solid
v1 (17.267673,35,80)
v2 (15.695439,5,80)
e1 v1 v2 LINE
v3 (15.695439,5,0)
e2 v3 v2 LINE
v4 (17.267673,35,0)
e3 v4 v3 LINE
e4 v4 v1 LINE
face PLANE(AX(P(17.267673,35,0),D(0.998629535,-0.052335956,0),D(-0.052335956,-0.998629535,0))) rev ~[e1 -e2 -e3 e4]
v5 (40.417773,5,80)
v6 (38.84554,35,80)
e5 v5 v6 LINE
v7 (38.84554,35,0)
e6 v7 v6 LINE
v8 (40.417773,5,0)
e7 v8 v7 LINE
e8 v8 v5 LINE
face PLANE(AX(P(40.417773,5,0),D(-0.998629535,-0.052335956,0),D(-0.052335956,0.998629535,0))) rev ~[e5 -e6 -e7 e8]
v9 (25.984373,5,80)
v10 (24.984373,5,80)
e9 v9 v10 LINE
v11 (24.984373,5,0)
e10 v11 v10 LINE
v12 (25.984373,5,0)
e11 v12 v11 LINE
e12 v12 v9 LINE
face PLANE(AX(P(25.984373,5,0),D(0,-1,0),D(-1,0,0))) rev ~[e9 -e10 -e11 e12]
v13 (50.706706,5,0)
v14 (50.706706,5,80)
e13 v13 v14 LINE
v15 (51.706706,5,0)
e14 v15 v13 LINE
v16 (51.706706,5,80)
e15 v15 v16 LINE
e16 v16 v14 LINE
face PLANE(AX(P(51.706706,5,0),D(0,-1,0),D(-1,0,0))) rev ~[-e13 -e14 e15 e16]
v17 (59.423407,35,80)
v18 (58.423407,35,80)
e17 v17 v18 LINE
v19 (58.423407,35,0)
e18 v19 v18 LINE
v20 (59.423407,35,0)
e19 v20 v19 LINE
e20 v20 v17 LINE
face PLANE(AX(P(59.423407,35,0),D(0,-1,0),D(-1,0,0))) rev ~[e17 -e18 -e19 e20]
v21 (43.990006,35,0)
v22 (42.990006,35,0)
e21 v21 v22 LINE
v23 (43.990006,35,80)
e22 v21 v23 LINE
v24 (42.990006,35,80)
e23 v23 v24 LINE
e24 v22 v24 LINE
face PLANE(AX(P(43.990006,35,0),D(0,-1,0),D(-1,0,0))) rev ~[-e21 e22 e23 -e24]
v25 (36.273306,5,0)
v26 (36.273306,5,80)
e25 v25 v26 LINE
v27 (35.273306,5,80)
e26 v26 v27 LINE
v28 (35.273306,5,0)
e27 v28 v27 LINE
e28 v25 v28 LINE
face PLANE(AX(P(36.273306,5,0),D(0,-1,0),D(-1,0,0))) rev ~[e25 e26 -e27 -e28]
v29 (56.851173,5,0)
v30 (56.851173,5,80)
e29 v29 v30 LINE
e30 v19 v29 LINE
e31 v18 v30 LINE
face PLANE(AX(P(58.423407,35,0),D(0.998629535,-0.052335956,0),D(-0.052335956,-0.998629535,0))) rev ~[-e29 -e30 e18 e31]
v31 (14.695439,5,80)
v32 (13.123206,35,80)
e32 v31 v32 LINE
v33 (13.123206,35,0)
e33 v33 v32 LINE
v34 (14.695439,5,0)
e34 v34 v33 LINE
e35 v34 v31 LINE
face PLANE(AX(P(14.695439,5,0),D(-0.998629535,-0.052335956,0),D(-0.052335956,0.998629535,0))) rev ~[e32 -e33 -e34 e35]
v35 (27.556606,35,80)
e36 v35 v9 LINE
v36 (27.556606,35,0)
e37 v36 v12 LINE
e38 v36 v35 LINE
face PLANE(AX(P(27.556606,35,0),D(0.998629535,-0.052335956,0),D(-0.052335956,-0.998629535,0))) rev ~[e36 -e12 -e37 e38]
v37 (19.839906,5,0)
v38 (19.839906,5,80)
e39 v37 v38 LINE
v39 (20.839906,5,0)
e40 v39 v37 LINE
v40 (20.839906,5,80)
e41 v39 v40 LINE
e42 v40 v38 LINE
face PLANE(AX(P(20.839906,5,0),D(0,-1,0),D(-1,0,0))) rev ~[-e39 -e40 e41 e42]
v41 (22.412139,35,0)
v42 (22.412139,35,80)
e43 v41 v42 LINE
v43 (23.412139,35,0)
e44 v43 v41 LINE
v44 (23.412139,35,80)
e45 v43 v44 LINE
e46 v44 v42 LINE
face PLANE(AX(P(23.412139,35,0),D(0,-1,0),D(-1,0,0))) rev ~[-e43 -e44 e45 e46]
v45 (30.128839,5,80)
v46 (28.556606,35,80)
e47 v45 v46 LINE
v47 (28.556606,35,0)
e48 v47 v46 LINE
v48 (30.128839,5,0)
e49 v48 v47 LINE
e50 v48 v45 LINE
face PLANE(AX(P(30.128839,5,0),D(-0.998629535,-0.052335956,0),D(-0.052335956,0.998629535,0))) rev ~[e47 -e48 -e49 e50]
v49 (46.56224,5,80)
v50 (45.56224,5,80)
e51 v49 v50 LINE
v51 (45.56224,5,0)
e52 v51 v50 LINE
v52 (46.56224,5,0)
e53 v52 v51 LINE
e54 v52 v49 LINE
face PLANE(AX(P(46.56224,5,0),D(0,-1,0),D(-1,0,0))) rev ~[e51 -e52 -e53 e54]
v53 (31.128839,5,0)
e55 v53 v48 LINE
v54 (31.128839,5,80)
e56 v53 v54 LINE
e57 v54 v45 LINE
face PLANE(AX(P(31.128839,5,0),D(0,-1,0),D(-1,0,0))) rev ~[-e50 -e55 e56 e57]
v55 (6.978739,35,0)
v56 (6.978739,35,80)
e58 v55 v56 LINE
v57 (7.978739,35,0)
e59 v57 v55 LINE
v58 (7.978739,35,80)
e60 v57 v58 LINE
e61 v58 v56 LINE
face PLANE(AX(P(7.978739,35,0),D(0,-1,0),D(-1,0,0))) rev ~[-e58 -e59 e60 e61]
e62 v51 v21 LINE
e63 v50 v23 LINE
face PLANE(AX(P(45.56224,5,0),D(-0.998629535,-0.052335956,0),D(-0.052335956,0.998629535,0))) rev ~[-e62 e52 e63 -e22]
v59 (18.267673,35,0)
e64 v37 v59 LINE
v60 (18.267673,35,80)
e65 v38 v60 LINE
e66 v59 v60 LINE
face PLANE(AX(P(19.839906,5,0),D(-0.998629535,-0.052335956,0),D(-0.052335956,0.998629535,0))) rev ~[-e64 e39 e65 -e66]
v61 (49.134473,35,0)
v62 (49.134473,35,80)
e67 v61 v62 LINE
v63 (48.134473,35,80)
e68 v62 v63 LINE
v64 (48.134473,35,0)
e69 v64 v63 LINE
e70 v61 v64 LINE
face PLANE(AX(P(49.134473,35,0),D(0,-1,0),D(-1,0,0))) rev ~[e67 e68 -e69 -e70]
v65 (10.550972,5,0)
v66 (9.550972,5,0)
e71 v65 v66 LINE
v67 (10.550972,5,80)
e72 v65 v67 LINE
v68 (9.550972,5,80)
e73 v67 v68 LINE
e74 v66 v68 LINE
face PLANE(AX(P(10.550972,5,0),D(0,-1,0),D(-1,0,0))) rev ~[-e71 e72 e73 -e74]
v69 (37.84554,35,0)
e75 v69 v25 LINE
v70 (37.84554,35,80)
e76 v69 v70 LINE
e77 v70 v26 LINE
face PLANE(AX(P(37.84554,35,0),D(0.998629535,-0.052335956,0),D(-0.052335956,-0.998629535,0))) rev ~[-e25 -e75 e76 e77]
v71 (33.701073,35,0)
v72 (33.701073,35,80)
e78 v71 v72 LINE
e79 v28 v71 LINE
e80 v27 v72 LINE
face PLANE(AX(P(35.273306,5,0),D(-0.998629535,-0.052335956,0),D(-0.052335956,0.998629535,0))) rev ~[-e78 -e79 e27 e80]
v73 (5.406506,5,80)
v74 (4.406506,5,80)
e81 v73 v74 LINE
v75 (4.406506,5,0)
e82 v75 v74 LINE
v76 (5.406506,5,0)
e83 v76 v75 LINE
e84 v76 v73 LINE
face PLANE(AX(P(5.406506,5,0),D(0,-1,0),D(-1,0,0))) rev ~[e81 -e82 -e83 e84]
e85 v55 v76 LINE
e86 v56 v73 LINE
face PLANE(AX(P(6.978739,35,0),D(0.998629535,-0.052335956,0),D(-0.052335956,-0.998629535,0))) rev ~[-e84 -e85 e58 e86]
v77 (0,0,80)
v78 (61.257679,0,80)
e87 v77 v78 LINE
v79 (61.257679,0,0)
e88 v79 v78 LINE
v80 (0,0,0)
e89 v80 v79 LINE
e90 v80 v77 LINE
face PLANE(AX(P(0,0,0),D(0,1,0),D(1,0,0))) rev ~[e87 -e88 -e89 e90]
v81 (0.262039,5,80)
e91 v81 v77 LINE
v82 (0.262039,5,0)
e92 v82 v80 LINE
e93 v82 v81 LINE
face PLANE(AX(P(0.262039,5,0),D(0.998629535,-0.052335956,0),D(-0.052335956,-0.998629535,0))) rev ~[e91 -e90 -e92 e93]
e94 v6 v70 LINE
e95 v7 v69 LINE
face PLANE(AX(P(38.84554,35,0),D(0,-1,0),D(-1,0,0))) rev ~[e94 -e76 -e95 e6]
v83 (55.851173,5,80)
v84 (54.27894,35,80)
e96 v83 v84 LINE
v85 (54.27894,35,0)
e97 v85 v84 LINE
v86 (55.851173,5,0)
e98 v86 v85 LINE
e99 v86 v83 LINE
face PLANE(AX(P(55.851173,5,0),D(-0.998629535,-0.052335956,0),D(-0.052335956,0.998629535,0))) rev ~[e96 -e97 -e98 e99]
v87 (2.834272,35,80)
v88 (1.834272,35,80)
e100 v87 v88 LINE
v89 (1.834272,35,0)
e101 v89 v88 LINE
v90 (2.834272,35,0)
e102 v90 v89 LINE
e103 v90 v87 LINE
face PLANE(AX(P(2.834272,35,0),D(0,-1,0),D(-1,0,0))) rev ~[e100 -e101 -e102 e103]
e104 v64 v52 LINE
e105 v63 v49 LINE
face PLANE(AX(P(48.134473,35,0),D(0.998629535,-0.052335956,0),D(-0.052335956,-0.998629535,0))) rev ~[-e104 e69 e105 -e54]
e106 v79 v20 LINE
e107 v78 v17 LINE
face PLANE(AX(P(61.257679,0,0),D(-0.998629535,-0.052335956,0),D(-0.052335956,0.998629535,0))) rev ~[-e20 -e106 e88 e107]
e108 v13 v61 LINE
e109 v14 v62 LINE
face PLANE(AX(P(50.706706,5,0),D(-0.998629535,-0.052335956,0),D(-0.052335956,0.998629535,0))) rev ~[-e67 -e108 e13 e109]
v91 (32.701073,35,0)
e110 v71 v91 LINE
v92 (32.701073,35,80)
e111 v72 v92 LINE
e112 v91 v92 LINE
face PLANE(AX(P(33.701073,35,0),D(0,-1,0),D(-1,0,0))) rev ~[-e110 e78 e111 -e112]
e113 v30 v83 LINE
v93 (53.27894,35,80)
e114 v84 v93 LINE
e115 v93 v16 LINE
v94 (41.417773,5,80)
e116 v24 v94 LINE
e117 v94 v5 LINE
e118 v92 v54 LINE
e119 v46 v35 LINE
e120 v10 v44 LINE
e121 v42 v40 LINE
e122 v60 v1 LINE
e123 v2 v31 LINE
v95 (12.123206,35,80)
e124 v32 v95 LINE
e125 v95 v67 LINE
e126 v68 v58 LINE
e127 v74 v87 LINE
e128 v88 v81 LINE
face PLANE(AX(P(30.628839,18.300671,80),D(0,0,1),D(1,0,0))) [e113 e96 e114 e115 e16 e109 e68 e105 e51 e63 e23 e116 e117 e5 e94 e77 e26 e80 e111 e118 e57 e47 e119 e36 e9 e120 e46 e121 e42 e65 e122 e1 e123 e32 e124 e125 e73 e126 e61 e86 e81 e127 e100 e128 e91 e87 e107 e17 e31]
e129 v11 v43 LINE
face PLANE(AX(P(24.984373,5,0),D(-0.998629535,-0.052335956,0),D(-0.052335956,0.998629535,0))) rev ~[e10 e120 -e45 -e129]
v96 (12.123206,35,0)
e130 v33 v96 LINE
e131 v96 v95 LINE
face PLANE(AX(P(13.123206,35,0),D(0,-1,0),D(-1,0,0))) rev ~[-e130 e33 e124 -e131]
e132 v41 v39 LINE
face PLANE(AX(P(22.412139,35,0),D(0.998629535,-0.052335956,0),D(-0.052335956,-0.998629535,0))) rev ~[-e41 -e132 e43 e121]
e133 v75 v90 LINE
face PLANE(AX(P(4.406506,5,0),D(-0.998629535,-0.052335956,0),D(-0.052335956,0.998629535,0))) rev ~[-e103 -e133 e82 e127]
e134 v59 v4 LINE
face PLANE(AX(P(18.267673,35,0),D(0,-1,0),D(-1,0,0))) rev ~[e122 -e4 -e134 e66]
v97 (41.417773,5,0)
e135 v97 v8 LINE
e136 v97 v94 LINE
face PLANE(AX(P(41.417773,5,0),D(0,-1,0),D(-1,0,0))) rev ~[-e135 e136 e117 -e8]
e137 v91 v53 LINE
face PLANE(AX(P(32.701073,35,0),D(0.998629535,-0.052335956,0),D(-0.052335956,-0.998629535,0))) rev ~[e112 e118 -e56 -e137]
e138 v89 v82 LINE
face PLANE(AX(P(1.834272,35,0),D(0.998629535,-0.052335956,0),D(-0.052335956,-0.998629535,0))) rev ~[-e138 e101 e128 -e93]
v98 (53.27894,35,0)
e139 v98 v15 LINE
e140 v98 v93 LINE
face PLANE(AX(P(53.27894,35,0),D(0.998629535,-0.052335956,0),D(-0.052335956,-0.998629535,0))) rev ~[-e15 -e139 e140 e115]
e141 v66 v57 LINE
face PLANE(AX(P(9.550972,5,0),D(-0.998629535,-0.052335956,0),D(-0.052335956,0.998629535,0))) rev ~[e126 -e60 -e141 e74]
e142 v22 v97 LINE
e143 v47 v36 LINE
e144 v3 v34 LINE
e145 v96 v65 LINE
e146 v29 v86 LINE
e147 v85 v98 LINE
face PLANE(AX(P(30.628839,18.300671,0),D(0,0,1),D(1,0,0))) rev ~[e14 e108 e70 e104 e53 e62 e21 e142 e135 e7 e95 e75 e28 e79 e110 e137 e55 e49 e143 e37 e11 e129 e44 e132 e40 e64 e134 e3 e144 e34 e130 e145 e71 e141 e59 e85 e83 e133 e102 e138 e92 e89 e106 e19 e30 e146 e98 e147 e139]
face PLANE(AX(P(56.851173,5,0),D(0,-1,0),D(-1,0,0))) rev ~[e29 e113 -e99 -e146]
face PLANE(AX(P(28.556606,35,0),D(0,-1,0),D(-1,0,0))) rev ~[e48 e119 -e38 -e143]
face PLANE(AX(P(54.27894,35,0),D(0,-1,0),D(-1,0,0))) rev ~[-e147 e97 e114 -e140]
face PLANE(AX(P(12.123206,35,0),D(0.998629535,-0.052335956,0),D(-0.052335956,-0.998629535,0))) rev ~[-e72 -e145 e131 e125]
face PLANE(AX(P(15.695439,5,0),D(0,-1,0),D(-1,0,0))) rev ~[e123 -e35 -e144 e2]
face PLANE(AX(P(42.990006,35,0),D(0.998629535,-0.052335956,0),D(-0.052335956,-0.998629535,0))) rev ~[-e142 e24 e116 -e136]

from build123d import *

# Parameters (mm, degrees)
BOSS_EXTRUDE1_DEPTH = 80


with BuildPart() as part:
    # Sketch1 → Boss-Extrude1 (new body)
    with BuildSketch(Plane.XY):
        Polygon((0, 0), (61.257678877, 0), (59.423406602, 35), (58.423406602, 35), (56.851173223, 5), (55.851173223, 5), (54.278939845, 35), (53.278939845, 35), (51.706706466, 5), (50.706706466, 5), (49.134473088, 35), (48.134473088, 35), (46.562239709, 5), (45.562239709, 5), (43.990006331, 35), (42.990006331, 35), (41.417772952, 5), (40.417772952, 5), (38.845539574, 35), (37.845539574, 35), (36.273306195, 5), (35.273306195, 5), (33.701072817, 35), (32.701072817, 35), (31.128839438, 5), (30.128839438, 5), (28.55660606, 35), (27.55660606, 35), (25.984372681, 5), (24.984372681, 5), (23.412139303, 35), (22.412139303, 35), (20.839905924, 5), (19.839905924, 5), (18.267672546, 35), (17.267672546, 35), (15.695439167, 5), (14.695439167, 5), (13.123205789, 35), (12.123205789, 35), (10.55097241, 5), (9.55097241, 5), (7.978739032, 35), (6.978739032, 35), (5.406505653, 5), (4.406505653, 5), (2.834272275, 35), (1.834272275, 35), (0.262038896, 5), align=None)
    extrude(amount=BOSS_EXTRUDE1_DEPTH)


solid = part.part
